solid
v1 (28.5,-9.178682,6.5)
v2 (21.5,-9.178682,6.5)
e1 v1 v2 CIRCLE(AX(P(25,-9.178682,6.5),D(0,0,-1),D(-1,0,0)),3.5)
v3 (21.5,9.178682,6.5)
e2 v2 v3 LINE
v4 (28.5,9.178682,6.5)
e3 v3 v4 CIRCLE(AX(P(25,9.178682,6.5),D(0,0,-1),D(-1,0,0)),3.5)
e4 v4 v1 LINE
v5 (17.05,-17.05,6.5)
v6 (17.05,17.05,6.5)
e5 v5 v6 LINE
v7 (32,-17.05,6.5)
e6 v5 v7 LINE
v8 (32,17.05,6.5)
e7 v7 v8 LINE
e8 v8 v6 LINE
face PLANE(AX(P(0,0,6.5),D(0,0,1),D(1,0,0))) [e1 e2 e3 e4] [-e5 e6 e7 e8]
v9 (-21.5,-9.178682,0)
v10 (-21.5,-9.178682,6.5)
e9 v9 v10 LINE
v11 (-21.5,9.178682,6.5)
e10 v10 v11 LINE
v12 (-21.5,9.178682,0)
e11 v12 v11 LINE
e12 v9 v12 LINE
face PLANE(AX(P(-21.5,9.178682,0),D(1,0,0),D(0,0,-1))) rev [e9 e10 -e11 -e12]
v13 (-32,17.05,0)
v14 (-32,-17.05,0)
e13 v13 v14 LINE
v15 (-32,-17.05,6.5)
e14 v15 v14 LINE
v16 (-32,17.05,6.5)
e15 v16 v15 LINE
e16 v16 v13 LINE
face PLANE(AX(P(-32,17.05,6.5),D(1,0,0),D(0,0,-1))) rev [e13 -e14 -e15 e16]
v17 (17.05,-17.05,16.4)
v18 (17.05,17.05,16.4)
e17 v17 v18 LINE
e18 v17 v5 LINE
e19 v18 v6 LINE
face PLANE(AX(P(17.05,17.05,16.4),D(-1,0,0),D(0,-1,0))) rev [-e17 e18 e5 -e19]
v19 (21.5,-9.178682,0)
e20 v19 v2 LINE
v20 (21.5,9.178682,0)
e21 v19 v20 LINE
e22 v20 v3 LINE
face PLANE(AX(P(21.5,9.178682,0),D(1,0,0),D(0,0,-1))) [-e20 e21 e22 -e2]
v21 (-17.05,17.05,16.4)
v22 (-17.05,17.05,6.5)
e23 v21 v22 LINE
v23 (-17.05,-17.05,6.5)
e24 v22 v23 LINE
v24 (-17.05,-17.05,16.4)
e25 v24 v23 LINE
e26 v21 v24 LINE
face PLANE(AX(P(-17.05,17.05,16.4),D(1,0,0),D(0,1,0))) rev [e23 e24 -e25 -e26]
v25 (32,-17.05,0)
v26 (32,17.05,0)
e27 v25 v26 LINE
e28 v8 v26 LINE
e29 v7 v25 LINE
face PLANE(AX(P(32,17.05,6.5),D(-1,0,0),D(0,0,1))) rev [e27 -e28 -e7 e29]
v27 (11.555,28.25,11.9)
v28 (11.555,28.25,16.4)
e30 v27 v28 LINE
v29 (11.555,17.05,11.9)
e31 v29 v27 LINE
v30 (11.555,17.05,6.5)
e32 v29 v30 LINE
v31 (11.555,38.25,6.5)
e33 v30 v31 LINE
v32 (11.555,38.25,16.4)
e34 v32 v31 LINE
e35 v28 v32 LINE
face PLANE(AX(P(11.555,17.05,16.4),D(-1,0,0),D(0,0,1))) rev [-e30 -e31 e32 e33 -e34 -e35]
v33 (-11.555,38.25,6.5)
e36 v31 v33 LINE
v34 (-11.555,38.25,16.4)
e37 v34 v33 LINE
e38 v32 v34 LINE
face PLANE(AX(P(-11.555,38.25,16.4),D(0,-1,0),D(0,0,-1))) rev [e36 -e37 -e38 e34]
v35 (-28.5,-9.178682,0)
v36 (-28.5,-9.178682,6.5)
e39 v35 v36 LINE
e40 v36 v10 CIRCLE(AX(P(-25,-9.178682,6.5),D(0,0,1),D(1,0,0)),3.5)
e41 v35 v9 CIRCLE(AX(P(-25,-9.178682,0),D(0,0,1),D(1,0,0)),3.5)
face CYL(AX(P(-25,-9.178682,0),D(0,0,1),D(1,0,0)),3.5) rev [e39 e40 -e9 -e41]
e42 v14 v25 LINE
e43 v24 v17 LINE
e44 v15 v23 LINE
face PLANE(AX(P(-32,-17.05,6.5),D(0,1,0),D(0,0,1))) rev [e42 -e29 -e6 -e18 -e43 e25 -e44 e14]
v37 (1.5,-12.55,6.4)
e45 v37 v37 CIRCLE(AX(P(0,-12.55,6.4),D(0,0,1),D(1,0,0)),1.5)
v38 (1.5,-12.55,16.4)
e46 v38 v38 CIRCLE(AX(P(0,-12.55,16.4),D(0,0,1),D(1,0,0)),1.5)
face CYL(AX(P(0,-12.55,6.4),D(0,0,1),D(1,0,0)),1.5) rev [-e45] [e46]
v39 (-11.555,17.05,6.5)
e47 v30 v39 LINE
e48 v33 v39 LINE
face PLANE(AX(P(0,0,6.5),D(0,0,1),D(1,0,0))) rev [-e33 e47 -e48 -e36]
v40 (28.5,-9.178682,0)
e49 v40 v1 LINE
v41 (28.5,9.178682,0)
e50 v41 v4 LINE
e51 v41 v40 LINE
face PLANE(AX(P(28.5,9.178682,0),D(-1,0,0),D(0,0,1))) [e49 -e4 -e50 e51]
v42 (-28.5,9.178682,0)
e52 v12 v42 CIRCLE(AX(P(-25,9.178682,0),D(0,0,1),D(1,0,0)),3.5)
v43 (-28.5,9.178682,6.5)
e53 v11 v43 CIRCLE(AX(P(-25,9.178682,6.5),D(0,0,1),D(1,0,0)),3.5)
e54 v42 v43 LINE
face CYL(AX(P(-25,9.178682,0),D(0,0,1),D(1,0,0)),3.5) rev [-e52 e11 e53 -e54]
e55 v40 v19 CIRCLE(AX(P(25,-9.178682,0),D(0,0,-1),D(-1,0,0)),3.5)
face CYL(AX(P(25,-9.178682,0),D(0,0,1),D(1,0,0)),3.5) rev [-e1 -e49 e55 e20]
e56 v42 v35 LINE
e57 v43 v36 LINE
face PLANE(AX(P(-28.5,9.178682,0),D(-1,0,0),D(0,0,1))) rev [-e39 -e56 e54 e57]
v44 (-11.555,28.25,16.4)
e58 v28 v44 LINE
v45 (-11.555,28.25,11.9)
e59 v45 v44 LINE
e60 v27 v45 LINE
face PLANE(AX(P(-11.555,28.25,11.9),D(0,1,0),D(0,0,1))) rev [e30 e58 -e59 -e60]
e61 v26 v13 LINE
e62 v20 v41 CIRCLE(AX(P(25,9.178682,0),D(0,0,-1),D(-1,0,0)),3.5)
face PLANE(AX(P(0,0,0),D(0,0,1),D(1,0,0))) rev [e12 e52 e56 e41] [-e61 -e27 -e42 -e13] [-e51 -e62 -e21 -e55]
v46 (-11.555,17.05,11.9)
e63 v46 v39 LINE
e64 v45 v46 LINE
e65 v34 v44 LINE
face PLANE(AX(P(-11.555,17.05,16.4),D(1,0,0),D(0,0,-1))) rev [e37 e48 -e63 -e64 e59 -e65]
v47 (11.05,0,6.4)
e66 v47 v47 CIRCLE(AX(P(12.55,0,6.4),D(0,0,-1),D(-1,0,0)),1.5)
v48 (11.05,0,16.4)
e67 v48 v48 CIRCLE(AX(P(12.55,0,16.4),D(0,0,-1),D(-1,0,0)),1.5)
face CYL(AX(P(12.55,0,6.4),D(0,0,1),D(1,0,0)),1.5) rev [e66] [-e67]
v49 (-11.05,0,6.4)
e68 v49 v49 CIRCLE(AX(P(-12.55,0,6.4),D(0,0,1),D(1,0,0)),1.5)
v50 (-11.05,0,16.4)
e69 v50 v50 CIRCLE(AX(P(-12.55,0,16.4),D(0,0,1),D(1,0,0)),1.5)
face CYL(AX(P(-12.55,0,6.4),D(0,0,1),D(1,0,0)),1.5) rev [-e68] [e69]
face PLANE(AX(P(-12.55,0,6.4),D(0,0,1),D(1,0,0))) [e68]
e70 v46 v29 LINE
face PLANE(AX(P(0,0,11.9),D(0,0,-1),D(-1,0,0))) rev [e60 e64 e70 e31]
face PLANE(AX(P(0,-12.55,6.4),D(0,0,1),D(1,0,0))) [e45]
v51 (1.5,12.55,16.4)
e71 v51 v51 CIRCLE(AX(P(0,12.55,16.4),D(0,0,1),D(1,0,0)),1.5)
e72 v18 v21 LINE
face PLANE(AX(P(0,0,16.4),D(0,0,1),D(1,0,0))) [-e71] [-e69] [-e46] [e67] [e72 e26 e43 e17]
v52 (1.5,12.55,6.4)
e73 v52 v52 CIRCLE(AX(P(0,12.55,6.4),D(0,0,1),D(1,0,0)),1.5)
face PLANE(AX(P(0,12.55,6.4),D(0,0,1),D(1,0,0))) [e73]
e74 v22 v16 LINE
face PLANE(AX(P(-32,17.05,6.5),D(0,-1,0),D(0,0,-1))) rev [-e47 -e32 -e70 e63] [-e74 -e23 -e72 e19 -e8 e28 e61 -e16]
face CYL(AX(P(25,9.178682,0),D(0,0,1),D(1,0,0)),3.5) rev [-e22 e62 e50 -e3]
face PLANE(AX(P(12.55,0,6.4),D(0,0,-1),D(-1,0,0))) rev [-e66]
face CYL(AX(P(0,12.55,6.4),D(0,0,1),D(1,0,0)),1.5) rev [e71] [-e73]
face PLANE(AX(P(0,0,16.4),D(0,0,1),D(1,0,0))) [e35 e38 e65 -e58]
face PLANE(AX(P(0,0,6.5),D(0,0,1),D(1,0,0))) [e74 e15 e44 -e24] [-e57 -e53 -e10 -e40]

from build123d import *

# Parameters (mm, degrees)
SKETCH1_W           = 64
SKETCH1_H           = 34.1
BOSS_EXTRUDE1_DEPTH = 6.5
BOSS_EXTRUDE2_DEPTH = 9.9
SKETCH4_W           = 23.11
SKETCH4_H           = 11.2
CUT_EXTRUDE1_DEPTH  = 4.5
CUT_EXTRUDE2_DEPTH  = 7.5
SKETCH7_R           = 1.5
CUT_EXTRUDE3_DEPTH  = 10


with BuildPart() as part:
    # Sketch1 → Boss-Extrude1 (new body)
    with BuildSketch(Plane.XY):
        Rectangle(SKETCH1_W, SKETCH1_H)
    extrude(amount=BOSS_EXTRUDE1_DEPTH)

    # Sketch2 → Boss-Extrude2 (add)
    with BuildSketch(Plane.XY.offset(6.5)):
        Polygon((-17.05, 17.05), (-11.555, 17.05), (-11.555, 38.25), (11.555, 38.25), (11.555, 17.05), (17.05, 17.05), (17.05, -17.05), (-17.05, -17.05), align=None)
    extrude(amount=BOSS_EXTRUDE2_DEPTH)

    # Sketch4 → Cut-Extrude1 (cut)
    with BuildSketch(Plane.XY.offset(16.4)):
        with Locations((0, 22.65)):
            Rectangle(SKETCH4_W, SKETCH4_H)
    extrude(amount=-CUT_EXTRUDE1_DEPTH, mode=Mode.SUBTRACT)

    # Sketch6 → Cut-Extrude2 (cut, through all)
    with BuildSketch(Plane.XY.offset(6.5)):
        with BuildLine():
            Line((-21.5, 9.178681579), (-21.5, -9.178681579))
            ThreePointArc((-21.5, -9.178681579), (-25, -12.678681579), (-28.5, -9.178681579))
            Line((-28.5, -9.178681579), (-28.5, 9.178681579))
            ThreePointArc((-28.5, 9.178681579), (-25, 12.678681579), (-21.5, 9.178681579))
        make_face()
    cut_extrude2 = extrude(amount=-CUT_EXTRUDE2_DEPTH, mode=Mode.SUBTRACT)

    # Mirror1: Cut-Extrude2 across plane
    add(cut_extrude2.mirror(Plane(origin=(0, 0, 0), x_dir=(0, 0, 1), z_dir=(1, 0, 0))), mode=Mode.SUBTRACT)

    # Sketch7 → Cut-Extrude3 (cut)
    with BuildSketch(Plane.XY.offset(16.4)):
        with Locations((-12.55, 0)):
            Circle(SKETCH7_R)
        with Locations((12.55, 0)):
            Circle(SKETCH7_R)
        with Locations((0, 12.55)):
            Circle(SKETCH7_R)
        with Locations((0, -12.55)):
            Circle(SKETCH7_R)
    extrude(amount=-CUT_EXTRUDE3_DEPTH, mode=Mode.SUBTRACT)


solid = part.part
